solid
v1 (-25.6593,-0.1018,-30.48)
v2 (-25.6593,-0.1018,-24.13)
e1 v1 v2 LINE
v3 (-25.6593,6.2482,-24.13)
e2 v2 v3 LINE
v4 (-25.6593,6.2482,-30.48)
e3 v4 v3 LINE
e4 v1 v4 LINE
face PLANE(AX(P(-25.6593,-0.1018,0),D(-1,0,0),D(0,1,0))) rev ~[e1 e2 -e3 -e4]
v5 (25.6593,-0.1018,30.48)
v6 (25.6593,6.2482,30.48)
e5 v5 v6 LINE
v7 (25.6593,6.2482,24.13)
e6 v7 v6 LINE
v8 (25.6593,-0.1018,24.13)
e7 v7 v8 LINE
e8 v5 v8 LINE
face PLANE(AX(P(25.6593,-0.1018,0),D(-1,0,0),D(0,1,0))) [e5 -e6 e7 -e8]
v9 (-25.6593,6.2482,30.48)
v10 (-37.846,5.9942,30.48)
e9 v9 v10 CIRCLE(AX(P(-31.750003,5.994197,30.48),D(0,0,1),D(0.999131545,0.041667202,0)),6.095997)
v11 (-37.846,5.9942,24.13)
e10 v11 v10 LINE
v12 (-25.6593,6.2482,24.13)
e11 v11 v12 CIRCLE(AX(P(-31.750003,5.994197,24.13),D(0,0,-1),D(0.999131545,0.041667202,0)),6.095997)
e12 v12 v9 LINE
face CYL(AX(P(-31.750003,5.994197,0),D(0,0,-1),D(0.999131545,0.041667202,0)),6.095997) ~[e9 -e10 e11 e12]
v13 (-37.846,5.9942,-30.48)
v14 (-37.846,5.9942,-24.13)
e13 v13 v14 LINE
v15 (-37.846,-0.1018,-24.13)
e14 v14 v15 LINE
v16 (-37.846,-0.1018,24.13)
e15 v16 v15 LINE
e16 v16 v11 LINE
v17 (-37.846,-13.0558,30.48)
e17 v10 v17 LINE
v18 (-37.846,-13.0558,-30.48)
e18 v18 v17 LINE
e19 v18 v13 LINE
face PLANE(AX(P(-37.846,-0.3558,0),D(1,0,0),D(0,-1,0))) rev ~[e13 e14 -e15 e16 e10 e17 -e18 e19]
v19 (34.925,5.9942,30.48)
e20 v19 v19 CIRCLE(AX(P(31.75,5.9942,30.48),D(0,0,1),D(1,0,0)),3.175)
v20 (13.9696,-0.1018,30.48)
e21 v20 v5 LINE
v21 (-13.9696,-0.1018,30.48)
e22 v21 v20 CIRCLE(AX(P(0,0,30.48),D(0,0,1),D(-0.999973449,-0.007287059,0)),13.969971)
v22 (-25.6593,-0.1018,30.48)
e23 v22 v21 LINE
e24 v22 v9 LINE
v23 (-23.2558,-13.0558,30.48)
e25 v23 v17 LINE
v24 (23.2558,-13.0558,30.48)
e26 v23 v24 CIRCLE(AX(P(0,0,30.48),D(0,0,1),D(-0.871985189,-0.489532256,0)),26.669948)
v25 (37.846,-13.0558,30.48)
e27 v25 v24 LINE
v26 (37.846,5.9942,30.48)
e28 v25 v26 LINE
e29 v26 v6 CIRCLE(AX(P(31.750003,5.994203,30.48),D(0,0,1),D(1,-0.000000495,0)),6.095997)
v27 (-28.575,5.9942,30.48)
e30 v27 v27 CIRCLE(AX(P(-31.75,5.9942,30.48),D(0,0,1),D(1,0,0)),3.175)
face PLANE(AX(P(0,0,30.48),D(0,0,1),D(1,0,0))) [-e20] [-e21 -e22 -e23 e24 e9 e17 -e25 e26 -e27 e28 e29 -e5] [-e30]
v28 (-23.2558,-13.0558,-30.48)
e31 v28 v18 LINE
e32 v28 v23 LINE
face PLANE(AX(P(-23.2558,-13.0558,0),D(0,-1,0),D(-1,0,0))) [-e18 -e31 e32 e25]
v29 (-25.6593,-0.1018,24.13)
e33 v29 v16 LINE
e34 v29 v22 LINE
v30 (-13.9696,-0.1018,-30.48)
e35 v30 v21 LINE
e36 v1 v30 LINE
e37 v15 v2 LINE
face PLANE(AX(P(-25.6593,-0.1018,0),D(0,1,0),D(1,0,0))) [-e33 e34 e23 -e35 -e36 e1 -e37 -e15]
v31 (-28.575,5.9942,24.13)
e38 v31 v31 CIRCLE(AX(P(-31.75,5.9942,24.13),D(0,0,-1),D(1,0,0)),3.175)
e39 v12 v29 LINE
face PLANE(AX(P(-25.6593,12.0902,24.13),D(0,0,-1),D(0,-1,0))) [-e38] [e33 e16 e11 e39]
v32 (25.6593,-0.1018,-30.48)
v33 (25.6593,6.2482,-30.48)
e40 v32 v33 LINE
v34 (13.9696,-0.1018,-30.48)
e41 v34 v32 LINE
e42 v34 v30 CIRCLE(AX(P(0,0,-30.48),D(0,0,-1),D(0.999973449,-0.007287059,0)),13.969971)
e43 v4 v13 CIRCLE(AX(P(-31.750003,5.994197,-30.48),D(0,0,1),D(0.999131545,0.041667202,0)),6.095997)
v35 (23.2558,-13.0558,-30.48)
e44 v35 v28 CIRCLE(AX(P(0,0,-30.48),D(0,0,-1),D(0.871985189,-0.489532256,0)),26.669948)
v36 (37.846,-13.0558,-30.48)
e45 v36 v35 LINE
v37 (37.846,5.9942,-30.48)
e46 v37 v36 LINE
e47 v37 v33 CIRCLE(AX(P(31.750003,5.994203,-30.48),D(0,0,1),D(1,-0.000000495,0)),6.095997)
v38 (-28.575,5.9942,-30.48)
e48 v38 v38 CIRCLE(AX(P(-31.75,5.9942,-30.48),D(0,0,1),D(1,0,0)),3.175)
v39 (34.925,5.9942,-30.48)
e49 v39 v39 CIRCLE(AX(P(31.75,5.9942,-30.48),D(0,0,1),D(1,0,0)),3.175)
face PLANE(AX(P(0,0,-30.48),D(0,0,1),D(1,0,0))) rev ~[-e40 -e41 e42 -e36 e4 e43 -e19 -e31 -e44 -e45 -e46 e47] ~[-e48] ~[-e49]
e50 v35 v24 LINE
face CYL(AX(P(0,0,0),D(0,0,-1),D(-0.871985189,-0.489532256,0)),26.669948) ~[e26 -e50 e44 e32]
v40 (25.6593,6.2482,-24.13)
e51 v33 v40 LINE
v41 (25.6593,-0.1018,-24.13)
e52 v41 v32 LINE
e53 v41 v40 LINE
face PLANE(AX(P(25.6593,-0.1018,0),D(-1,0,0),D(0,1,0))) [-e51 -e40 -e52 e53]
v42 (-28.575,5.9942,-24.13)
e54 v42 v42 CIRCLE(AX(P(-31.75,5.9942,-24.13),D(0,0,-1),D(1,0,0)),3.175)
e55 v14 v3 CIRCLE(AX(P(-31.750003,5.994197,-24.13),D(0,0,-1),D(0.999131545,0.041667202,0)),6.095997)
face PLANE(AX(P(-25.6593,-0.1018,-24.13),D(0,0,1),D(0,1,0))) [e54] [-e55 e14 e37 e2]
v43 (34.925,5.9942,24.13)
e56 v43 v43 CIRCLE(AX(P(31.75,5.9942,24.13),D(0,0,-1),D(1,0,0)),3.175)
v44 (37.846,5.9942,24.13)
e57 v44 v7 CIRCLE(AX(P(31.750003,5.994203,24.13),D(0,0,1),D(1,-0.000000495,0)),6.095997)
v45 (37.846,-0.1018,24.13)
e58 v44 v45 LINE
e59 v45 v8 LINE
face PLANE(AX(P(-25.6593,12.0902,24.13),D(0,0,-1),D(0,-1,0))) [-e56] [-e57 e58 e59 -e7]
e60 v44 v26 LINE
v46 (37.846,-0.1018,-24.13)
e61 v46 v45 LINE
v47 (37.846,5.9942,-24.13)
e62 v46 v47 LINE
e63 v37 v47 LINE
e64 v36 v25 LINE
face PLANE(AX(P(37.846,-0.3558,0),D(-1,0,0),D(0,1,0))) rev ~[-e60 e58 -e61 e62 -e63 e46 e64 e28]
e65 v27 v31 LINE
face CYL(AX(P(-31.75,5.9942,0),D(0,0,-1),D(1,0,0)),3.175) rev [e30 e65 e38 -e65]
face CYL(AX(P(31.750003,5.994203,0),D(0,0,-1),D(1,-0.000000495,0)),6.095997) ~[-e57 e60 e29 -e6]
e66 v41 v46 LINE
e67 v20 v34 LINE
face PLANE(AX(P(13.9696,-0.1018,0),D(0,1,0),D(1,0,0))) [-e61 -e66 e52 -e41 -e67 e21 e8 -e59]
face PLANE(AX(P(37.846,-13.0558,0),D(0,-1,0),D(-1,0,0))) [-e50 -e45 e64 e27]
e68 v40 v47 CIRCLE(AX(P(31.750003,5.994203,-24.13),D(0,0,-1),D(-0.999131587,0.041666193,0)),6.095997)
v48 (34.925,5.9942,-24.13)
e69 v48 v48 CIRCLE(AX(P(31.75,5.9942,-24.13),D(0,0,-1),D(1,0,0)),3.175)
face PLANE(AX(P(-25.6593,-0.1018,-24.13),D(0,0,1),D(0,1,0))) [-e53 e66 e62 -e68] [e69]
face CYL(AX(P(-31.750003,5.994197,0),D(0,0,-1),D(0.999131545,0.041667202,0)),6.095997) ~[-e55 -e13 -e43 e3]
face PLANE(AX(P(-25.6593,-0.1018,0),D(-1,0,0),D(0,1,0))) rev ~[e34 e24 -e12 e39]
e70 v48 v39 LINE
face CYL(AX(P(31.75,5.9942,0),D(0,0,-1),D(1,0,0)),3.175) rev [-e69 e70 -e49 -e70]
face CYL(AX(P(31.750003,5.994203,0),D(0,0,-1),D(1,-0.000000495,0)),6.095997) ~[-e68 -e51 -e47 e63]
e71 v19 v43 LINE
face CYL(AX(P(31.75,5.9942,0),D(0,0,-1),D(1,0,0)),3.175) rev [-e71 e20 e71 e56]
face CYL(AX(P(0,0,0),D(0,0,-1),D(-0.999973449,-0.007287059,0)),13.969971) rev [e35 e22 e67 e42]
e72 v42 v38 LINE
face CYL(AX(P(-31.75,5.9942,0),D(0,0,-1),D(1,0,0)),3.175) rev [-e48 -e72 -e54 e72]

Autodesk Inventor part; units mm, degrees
ref_plane "YZ Plane" through (0, 0, 0) normal (1, 0, 0) x (0, 1, 0)
ref_plane "XZ Plane" through (0, 0, 0) normal (0, 1, 0) x (-1, 0, 0)
ref_plane "XY Plane" through (0, 0, 0) normal (0, 0, 1) x (1, 0, 0)
sketch "Sketch1" plane through (0, 0, 0) normal (0, 0, 1) x (1, 0, 0)
  arc A0 (-13.9696, -0.1018) -> (13.9696, -0.1018) centre (0, 0) ccw
  line L0 (0, 64.951) -> (0, -100.8994)
  arc A1 (-23.2558, -13.0558) -> (23.2558, -13.0558) centre (0, 0) ccw
  line L1 (-23.2558, -13.0558) -> (-37.846, -13.0558)
  line L2 (37.846, -13.0558) -> (23.2558, -13.0558)
  arc A2 (-25.6593, 6.2482) -> (-37.846, 5.9942) centre (-31.75, 5.9942) ccw
  line L3 (-37.846, -0.3558) -> (-37.846, 5.9942)
  line L4 (-25.6593, -0.1018) -> (-25.6593, 6.2482)
  arc A3 (37.846, 5.9942) -> (25.6593, 6.2482) centre (31.75, 5.9942) ccw
  line L5 (37.846, -0.3558) -> (37.846, 5.9942)
  line L6 (25.6593, -0.1018) -> (25.6593, 6.2482)
  line L7 (-25.6593, -0.1018) -> (-13.9696, -0.1018)
  line L8 (13.9696, -0.1018) -> (25.6593, -0.1018)
  circle A4 centre (-31.75, 5.9942) radius 3.175
  circle A5 centre (31.75, 5.9942) radius 3.175
  line L9 (-37.846, -0.3558) -> (-37.846, -13.0558)
  line L10 (37.846, -0.3558) -> (37.846, -13.0558)
  dimension "d0" = 27.94
  dimension "d4" = 12.7
  dimension "d5" = 12.192
  dimension "d6" = 63.5
  dimension "d7" = 6.35
  dimension "d8" = 6.35
  dimension "d13" = 12.7
  dimension "d14" = 6.35
  dimension "d29" = 14.5902
  dimension "d31" = 14.5902
  dimension "d32" = 6.35
extrude "Extrusion1" add sketch "Sketch1" along normal mid plane 60.96
sketch "Sketch3" plane through (-25.6593, -0.1018, 30.48) normal (1, 0, 0) x (0, 0, -1)
  line L0 (60.96, 0) -> (0, 0) projected
  line L1 (60.96, 12.192) -> (0, 12.192) projected
  line L2 (6.35, 0) -> (54.61, 0)
  line L3 (54.61, 0) -> (54.61, 12.192)
  line L4 (54.61, 12.192) -> (6.35, 12.192)
  line L5 (6.35, 12.192) -> (6.35, 0)
  line L6 (0, 12.192) -> (0, 6.096) projected
  line L7 (60.96, 6.35) -> (60.96, 12.192) projected
  point P0 (30.48, 0.1018)
  point P1 (6.35, 12.192)
  dimension "d23" = 6.35
  dimension "d24" = 6.35
extrude "Extrusion3" cut sketch "Sketch3" along normal mid plane 152.4
properties part number "Relaxation chamber outer holder"
